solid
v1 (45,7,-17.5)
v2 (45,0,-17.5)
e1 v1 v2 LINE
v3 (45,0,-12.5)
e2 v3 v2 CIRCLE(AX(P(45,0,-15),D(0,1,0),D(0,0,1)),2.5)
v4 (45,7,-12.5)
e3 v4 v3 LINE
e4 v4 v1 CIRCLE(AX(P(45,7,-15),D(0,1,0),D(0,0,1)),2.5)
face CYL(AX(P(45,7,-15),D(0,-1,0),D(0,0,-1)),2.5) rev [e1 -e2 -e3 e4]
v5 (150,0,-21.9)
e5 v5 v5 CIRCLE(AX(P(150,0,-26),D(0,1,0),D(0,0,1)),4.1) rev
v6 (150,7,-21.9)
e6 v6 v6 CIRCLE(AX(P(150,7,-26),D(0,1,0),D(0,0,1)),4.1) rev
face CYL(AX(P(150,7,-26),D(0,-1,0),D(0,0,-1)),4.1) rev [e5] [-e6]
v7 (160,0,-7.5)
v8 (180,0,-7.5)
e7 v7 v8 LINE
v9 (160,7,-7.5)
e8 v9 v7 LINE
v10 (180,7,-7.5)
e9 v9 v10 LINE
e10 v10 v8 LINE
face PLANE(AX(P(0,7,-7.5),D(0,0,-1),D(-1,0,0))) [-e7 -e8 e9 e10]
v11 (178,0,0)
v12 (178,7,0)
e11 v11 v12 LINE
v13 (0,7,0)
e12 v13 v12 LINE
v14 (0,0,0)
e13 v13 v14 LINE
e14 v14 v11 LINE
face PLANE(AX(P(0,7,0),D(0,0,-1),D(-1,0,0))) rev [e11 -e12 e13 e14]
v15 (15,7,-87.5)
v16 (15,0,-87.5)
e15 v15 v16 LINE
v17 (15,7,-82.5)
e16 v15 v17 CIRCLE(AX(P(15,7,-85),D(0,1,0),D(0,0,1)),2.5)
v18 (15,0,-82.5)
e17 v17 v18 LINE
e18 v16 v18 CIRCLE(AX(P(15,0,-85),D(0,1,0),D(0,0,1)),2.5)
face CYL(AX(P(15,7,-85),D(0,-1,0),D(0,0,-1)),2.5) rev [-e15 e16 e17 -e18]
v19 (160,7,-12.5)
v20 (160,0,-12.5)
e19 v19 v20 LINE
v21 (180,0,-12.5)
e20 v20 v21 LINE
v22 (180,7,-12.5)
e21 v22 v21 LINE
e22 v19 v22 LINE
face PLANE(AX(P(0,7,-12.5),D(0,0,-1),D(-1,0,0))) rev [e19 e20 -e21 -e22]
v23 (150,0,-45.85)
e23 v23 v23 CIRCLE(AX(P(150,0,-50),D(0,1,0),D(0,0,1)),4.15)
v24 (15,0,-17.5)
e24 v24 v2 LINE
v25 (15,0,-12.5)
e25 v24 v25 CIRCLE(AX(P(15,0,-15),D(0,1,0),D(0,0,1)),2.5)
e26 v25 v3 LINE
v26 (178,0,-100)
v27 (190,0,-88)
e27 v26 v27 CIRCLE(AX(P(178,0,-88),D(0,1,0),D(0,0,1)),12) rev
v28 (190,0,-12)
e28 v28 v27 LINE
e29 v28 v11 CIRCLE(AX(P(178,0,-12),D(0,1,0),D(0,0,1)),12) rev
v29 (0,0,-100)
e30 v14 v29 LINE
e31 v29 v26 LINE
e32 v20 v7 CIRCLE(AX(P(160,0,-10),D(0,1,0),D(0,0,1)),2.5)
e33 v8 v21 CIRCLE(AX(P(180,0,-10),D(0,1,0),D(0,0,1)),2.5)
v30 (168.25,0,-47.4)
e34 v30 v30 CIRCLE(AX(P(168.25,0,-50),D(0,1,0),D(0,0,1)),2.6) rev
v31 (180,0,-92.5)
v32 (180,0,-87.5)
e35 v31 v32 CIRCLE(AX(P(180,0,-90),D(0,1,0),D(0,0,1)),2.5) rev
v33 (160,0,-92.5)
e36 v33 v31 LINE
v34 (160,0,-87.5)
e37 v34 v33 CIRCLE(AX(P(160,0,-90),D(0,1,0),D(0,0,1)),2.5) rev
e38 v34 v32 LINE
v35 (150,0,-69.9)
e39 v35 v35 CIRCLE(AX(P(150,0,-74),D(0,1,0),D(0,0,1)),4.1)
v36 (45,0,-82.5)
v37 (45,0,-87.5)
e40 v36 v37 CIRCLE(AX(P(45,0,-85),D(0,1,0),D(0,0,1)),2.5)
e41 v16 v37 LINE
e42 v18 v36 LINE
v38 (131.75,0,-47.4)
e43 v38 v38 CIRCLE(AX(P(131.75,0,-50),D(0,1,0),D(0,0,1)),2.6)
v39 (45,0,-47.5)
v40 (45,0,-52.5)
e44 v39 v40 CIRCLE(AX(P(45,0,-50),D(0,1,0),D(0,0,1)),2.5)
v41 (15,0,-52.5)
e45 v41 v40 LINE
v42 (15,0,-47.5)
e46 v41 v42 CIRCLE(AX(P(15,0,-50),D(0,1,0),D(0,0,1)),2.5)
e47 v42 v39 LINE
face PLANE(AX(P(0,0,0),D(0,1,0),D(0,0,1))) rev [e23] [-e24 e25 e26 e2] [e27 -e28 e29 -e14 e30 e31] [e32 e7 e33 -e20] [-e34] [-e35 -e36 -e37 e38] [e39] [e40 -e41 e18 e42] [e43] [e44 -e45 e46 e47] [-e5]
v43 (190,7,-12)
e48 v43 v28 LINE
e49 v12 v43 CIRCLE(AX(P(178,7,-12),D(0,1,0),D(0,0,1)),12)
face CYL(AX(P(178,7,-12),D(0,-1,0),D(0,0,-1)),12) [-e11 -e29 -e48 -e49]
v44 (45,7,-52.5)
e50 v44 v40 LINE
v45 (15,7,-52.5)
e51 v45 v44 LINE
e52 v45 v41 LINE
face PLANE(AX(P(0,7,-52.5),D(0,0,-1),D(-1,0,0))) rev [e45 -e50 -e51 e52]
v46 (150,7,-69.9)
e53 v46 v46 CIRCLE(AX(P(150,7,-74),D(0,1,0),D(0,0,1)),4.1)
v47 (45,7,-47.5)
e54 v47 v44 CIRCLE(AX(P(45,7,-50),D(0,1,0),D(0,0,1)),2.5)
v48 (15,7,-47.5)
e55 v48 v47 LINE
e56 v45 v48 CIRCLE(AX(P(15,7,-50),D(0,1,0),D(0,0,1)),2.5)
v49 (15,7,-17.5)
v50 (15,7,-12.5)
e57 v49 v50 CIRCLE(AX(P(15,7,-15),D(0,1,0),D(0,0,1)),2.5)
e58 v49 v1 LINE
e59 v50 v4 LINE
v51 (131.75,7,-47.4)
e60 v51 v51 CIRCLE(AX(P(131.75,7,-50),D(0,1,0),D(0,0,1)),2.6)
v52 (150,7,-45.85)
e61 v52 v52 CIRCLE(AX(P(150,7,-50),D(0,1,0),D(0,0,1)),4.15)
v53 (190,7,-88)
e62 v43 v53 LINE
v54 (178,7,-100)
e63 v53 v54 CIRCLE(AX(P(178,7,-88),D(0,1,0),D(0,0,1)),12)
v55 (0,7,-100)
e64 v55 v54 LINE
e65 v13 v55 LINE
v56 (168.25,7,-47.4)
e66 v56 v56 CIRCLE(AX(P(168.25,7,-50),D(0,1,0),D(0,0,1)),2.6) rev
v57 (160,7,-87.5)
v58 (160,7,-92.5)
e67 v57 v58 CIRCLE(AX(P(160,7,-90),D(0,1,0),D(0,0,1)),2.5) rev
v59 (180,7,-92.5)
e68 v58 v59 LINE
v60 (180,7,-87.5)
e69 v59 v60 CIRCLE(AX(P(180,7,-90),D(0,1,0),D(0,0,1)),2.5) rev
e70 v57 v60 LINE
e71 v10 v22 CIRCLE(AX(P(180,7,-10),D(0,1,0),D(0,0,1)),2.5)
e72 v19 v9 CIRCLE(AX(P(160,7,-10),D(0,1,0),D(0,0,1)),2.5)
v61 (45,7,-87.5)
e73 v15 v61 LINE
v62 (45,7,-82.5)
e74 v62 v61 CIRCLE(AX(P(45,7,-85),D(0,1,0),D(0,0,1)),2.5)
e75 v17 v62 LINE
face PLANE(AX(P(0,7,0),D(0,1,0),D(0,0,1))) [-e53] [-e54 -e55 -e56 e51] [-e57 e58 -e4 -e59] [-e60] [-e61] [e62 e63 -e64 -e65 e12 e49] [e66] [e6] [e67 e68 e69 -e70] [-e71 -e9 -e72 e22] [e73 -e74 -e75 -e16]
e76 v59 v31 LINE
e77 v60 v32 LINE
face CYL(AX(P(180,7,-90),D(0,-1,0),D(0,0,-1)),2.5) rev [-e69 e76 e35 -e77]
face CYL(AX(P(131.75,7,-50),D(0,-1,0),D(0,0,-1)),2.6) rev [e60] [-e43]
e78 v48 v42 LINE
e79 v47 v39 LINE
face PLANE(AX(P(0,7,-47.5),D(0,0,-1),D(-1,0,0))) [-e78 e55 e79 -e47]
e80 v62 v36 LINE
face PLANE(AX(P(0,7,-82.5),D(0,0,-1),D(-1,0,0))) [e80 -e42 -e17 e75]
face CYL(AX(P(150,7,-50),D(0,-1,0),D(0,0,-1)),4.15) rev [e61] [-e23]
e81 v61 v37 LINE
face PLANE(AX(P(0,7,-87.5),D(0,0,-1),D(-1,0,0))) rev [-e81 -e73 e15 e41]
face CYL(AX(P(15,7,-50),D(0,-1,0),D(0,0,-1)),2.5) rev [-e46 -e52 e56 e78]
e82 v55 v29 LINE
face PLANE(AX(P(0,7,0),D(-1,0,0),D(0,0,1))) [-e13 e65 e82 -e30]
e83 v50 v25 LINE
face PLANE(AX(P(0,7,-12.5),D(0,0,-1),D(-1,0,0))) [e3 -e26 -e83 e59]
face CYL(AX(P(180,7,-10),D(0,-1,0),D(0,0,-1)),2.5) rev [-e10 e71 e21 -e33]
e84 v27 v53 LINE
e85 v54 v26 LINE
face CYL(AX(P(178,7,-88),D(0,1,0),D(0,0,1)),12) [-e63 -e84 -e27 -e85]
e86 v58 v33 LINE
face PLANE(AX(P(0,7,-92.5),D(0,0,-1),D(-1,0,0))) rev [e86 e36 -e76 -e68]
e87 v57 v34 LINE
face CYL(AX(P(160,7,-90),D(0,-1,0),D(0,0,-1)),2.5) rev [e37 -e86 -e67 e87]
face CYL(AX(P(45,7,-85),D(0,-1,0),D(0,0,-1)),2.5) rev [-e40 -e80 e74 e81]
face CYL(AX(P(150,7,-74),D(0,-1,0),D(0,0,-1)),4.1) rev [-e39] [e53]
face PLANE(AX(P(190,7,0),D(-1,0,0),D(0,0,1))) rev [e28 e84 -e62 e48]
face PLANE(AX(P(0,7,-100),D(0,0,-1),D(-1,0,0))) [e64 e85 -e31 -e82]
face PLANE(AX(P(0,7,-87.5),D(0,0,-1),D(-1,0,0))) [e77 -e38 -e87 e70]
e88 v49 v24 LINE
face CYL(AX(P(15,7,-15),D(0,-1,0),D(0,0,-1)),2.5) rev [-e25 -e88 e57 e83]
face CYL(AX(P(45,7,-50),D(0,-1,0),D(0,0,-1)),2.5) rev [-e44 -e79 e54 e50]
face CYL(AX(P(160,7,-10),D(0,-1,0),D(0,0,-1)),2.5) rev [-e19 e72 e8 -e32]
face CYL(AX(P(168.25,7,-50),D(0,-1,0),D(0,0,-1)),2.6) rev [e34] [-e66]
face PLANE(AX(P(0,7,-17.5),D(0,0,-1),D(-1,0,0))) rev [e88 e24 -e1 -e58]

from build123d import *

# Parameters (mm, degrees)
SKETCH1_W           = 190
SKETCH1_H           = 100
SKETCH1_R           = 4.15
SKETCH1_R_2         = 4.1
SKETCH1_R_3         = 2.6
BOSS_EXTRUDE1_DEPTH = 7
FILLET3_R           = 12


with BuildPart() as part:
    # Sketch1 → Boss-Extrude1 (new body)
    with BuildSketch(Plane(origin=(0, 0, 0), x_dir=(1, 0, 0), z_dir=(0, 1, 0))):
        with Locations((95, 50)):
            Rectangle(SKETCH1_W, SKETCH1_H)
        with Locations(Location((150, 50, 0), (0, 0, 270))):
            Circle(SKETCH1_R, mode=Mode.SUBTRACT)
        with Locations(Location((150, 74, 0), (0, 0, 270))):
            Circle(SKETCH1_R_2, mode=Mode.SUBTRACT)
        with Locations(Location((131.75, 50, 0), (0, 0, 270))):
            Circle(SKETCH1_R_3, mode=Mode.SUBTRACT)
        with Locations(Location((168.25, 50, 0), (0, 0, 270))):
            Circle(SKETCH1_R_3, mode=Mode.SUBTRACT)
        with Locations(Location((150, 26, 0), (0, 0, 270))):
            Circle(SKETCH1_R_2, mode=Mode.SUBTRACT)
        with BuildLine():
            Line((160, 12.5), (180, 12.5))
            ThreePointArc((180, 12.5), (182.5, 10), (180, 7.5))
            Line((180, 7.5), (160, 7.5))
            ThreePointArc((160, 7.5), (157.5, 10), (160, 12.5))
        make_face(mode=Mode.SUBTRACT)
        with BuildLine():
            Line((160, 87.5), (180, 87.5))
            ThreePointArc((180, 87.5), (182.5, 90), (180, 92.5))
            Line((180, 92.5), (160, 92.5))
            ThreePointArc((160, 92.5), (157.5, 90), (160, 87.5))
        make_face(mode=Mode.SUBTRACT)
        with BuildLine():
            Line((15, 87.5), (45, 87.5))
            ThreePointArc((45, 87.5), (47.5, 85), (45, 82.5))
            Line((45, 82.5), (15, 82.5))
            ThreePointArc((15, 82.5), (12.5, 85), (15, 87.5))
        make_face(mode=Mode.SUBTRACT)
        with BuildLine():
            Line((15, 52.5), (45, 52.5))
            ThreePointArc((45, 52.5), (47.5, 50), (45, 47.5))
            Line((45, 47.5), (15, 47.5))
            ThreePointArc((15, 47.5), (12.5, 50), (15, 52.5))
        make_face(mode=Mode.SUBTRACT)
        with BuildLine():
            Line((15, 17.5), (45, 17.5))
            ThreePointArc((45, 17.5), (47.5, 15), (45, 12.5))
            Line((45, 12.5), (15, 12.5))
            ThreePointArc((15, 12.5), (12.5, 15), (15, 17.5))
        make_face(mode=Mode.SUBTRACT)
    extrude(amount=BOSS_EXTRUDE1_DEPTH)

    # Fillet3
    fillet3_edges = [part.edges().sort_by_distance(p)[0] for p in [
        (190, 3.5, -100),
        (190, 3.5, 0),
    ]]
    fillet(fillet3_edges, radius=FILLET3_R)


solid = part.part
